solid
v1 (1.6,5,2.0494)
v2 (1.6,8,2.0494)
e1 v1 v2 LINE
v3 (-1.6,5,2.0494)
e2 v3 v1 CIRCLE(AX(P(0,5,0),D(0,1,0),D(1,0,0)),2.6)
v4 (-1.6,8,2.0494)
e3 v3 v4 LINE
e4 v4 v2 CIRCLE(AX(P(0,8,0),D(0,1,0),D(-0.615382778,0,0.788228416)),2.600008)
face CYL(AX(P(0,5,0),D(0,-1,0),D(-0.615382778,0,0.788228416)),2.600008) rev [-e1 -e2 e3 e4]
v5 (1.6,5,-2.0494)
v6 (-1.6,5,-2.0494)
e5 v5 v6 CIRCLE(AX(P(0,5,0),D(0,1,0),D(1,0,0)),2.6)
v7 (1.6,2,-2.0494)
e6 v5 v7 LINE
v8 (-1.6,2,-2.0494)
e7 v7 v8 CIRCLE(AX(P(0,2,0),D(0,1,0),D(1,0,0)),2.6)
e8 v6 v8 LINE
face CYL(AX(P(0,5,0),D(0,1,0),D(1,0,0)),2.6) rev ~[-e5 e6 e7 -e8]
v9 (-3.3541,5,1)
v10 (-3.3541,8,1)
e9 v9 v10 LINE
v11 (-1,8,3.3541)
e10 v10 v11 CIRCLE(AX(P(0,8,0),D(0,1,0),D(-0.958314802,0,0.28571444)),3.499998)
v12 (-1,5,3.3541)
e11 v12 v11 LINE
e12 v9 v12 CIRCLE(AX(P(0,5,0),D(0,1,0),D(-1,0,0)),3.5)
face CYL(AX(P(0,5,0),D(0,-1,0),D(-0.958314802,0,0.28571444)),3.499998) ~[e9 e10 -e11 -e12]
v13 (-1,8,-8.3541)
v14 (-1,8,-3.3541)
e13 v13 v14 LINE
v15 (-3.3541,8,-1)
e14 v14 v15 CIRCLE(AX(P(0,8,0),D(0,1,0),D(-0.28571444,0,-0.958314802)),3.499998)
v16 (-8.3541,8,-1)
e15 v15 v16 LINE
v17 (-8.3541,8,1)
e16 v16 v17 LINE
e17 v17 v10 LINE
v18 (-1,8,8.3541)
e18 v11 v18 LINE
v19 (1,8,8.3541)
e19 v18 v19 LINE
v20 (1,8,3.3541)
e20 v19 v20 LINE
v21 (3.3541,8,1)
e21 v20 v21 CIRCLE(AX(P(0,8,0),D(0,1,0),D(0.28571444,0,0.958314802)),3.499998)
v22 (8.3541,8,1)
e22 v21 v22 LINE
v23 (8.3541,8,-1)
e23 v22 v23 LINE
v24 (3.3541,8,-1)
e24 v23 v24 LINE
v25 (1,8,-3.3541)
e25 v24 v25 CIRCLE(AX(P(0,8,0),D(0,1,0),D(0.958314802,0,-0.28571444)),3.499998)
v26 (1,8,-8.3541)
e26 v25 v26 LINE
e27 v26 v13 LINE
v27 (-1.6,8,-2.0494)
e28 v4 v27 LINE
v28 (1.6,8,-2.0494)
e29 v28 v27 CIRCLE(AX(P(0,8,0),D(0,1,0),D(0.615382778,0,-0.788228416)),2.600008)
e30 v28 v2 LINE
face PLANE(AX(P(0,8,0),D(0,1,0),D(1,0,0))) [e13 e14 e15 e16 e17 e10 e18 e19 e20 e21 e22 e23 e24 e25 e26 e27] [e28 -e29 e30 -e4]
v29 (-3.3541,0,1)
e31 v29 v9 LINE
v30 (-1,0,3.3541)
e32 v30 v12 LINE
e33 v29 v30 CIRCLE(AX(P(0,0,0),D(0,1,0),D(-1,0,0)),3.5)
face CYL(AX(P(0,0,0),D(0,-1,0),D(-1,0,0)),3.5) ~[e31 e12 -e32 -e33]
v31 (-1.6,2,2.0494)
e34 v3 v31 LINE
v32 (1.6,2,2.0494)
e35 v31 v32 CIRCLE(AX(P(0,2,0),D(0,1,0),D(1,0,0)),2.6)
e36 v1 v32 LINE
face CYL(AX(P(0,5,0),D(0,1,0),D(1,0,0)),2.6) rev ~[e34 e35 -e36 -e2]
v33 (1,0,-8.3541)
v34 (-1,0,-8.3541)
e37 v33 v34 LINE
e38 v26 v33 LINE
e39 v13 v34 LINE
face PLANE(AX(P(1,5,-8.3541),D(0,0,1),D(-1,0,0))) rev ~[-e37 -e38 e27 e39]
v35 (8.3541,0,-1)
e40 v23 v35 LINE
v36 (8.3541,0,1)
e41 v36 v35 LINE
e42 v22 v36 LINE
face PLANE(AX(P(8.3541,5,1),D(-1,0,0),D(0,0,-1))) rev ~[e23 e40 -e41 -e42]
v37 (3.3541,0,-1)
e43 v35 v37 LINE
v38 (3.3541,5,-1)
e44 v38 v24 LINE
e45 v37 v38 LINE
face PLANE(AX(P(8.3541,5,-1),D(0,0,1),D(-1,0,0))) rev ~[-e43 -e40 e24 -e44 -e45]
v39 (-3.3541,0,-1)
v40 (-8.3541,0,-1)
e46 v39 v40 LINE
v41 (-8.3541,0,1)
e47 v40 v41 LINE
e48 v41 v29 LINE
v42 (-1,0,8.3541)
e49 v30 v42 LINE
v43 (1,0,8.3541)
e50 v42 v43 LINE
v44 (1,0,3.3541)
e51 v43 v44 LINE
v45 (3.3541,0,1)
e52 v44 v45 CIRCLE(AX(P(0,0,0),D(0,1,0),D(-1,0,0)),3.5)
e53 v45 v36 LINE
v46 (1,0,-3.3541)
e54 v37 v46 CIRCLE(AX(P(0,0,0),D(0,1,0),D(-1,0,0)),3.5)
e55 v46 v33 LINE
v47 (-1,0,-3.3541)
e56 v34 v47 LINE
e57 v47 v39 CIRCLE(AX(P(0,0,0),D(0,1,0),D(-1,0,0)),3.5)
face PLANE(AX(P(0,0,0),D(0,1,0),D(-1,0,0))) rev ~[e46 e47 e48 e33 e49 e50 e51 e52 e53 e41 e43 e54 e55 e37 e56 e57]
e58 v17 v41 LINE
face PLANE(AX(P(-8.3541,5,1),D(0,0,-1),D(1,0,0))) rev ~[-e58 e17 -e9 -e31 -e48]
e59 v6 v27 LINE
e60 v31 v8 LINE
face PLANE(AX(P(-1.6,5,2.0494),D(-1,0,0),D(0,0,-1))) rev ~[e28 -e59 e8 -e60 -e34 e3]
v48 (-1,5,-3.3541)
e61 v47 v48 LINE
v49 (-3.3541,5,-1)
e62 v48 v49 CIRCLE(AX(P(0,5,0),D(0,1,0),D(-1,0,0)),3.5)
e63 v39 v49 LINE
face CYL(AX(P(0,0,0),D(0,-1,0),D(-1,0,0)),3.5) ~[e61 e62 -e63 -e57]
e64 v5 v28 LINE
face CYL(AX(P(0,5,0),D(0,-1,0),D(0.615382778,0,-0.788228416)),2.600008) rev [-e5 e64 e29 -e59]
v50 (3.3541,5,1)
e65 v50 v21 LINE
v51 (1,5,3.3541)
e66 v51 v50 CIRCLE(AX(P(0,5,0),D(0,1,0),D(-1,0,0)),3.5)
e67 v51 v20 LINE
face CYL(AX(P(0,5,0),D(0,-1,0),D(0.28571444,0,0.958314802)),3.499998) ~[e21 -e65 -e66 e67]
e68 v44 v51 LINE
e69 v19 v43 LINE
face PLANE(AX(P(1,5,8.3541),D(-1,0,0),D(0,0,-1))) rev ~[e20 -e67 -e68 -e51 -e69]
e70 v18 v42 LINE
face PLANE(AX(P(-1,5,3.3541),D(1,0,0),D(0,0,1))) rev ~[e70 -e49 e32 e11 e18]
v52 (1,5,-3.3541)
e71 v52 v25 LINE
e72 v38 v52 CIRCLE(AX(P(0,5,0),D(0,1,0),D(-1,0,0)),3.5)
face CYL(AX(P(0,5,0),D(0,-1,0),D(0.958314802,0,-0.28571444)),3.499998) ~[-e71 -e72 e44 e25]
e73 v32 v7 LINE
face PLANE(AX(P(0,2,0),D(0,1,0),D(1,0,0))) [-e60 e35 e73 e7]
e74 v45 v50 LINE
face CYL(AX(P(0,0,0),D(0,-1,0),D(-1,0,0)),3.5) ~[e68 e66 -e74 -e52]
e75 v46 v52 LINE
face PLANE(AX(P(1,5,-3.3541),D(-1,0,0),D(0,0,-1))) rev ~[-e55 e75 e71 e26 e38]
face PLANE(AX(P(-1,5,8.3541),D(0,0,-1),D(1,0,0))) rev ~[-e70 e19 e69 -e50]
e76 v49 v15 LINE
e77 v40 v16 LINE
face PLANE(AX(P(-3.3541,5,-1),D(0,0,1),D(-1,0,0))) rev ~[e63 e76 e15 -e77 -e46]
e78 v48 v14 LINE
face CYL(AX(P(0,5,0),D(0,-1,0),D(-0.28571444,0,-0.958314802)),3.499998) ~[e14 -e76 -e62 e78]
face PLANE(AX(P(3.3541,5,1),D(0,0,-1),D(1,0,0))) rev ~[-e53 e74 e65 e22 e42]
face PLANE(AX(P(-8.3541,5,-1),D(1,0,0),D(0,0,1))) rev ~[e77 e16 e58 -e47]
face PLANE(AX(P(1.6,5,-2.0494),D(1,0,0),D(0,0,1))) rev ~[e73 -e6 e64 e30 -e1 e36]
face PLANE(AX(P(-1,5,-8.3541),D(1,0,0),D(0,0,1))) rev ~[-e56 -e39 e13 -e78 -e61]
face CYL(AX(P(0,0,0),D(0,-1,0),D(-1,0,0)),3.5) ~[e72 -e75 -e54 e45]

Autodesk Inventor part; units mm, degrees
ref_plane "YZ Plane" through (0, 0, 0) normal (1, 0, 0) x (0, 1, 0)
ref_plane "XZ Plane" through (0, 0, 0) normal (0, 1, 0) x (-1, 0, 0)
ref_plane "XY Plane" through (0, 0, 0) normal (0, 0, 1) x (1, 0, 0)
sketch "Sketch1" plane through (0, 0, 0) normal (0, 1, 0) x (-1, 0, 0)
  circle A0 centre (0, 0) radius 3.5
  line L0 (1, -3.3541) -> (-1, -3.3541) construction
  line L1 (-1, -3.3541) -> (-1, -8.3541)
  line L2 (-1, -8.3541) -> (1, -8.3541)
  line L3 (1, -8.3541) -> (1, -3.3541)
  line L4 (0, 0) -> (0, 3.5) construction
  line L5 (8.3541, 1) -> (3.3541, 1)
  line L6 (8.3541, -1) -> (8.3541, 1)
  line L7 (3.3541, -1) -> (8.3541, -1)
  line L8 (-1, 8.3541) -> (-1, 3.3541)
  line L9 (1, 8.3541) -> (-1, 8.3541)
  line L10 (1, 3.3541) -> (1, 8.3541)
  line L11 (-8.3541, -1) -> (-3.3541, -1)
  line L12 (-8.3541, 1) -> (-8.3541, -1)
  line L13 (-3.3541, 1) -> (-8.3541, 1)
  line L14 (3.3541, -1) -> (1, -3.3541) construction
  line L15 (8.3541, -1) -> (1, -8.3541) construction
  dimension "d0" = 7
  dimension "d1" = 2
  dimension "d2" = 5
  dimension "d5" = 360
  dimension "d7" = 3.3292
  dimension "d8" = 10.4003
  dimension "d9" = 3.5355
extrude "Extrusion1" add sketch "Sketch1" along normal blind 5
sketch "Sketch2" plane through (0, 5, 0) normal (0, 1, 0) x (1, 0, 0)
  circle A0 centre (0, 0) radius 2.6
  line L0 (-1.6, -2.0494) -> (-1.6, 2.0494)
  line L1 (1.6, -2.0494) -> (1.6, 2.0494)
  line L2 (0, 0) -> (0, 2.6) construction
  dimension "d12" = 5.2
  dimension "d13" = 3.2
extrude "Extrusion2" cut sketch "Sketch2" against normal blind 3 contours L1 A0 L0
sketch "Sketch3" plane through (0, 5, 0) normal (0, 1, 0) x (1, 0, 0)
  line L0 (-1.6, -2.0494) -> (-1.6, 2.0494) projected
  arc A0 (1.6, 2.0494) -> (-1.6, 2.0494) centre (0, 0) ccw projected
  line L1 (1.6, 2.0494) -> (1.6, -2.0494) projected
  arc A1 (-1.6, -2.0494) -> (1.6, -2.0494) centre (0, 0) ccw projected
  arc A2 (-1, 3.3541) -> (-3.3541, 1) centre (0, 0) ccw projected
  line L2 (-3.3541, 1) -> (-8.3541, 1) projected
  line L3 (-8.3541, 1) -> (-8.3541, -1) projected
  line L4 (-8.3541, -1) -> (-3.3541, -1) projected
  arc A3 (-3.3541, -1) -> (-1, -3.3541) centre (0, 0) ccw projected
  line L5 (-1, -3.3541) -> (-1, -8.3541) projected
  line L6 (-1, -8.3541) -> (1, -8.3541) projected
  line L7 (1, -8.3541) -> (1, -3.3541) projected
  arc A4 (1, -3.3541) -> (3.3541, -1) centre (0, 0) ccw projected
  line L8 (3.3541, -1) -> (8.3541, -1) projected
  line L9 (8.3541, -1) -> (8.3541, 1) projected
  line L10 (8.3541, 1) -> (3.3541, 1) projected
  arc A5 (3.3541, 1) -> (1, 3.3541) centre (0, 0) ccw projected
  line L11 (1, 3.3541) -> (1, 8.3541) projected
  line L12 (1, 8.3541) -> (-1, 8.3541) projected
  line L13 (-1, 8.3541) -> (-1, 3.3541) projected
ref_plane "Work Plane1" through (2.25, 8, 0) normal (0, -1, 0) x (-1, 0, 0)
extrude "Extrusion3" add sketch "Sketch3" along normal up to surface (3 mm away)
properties part number "paddle rotor"
